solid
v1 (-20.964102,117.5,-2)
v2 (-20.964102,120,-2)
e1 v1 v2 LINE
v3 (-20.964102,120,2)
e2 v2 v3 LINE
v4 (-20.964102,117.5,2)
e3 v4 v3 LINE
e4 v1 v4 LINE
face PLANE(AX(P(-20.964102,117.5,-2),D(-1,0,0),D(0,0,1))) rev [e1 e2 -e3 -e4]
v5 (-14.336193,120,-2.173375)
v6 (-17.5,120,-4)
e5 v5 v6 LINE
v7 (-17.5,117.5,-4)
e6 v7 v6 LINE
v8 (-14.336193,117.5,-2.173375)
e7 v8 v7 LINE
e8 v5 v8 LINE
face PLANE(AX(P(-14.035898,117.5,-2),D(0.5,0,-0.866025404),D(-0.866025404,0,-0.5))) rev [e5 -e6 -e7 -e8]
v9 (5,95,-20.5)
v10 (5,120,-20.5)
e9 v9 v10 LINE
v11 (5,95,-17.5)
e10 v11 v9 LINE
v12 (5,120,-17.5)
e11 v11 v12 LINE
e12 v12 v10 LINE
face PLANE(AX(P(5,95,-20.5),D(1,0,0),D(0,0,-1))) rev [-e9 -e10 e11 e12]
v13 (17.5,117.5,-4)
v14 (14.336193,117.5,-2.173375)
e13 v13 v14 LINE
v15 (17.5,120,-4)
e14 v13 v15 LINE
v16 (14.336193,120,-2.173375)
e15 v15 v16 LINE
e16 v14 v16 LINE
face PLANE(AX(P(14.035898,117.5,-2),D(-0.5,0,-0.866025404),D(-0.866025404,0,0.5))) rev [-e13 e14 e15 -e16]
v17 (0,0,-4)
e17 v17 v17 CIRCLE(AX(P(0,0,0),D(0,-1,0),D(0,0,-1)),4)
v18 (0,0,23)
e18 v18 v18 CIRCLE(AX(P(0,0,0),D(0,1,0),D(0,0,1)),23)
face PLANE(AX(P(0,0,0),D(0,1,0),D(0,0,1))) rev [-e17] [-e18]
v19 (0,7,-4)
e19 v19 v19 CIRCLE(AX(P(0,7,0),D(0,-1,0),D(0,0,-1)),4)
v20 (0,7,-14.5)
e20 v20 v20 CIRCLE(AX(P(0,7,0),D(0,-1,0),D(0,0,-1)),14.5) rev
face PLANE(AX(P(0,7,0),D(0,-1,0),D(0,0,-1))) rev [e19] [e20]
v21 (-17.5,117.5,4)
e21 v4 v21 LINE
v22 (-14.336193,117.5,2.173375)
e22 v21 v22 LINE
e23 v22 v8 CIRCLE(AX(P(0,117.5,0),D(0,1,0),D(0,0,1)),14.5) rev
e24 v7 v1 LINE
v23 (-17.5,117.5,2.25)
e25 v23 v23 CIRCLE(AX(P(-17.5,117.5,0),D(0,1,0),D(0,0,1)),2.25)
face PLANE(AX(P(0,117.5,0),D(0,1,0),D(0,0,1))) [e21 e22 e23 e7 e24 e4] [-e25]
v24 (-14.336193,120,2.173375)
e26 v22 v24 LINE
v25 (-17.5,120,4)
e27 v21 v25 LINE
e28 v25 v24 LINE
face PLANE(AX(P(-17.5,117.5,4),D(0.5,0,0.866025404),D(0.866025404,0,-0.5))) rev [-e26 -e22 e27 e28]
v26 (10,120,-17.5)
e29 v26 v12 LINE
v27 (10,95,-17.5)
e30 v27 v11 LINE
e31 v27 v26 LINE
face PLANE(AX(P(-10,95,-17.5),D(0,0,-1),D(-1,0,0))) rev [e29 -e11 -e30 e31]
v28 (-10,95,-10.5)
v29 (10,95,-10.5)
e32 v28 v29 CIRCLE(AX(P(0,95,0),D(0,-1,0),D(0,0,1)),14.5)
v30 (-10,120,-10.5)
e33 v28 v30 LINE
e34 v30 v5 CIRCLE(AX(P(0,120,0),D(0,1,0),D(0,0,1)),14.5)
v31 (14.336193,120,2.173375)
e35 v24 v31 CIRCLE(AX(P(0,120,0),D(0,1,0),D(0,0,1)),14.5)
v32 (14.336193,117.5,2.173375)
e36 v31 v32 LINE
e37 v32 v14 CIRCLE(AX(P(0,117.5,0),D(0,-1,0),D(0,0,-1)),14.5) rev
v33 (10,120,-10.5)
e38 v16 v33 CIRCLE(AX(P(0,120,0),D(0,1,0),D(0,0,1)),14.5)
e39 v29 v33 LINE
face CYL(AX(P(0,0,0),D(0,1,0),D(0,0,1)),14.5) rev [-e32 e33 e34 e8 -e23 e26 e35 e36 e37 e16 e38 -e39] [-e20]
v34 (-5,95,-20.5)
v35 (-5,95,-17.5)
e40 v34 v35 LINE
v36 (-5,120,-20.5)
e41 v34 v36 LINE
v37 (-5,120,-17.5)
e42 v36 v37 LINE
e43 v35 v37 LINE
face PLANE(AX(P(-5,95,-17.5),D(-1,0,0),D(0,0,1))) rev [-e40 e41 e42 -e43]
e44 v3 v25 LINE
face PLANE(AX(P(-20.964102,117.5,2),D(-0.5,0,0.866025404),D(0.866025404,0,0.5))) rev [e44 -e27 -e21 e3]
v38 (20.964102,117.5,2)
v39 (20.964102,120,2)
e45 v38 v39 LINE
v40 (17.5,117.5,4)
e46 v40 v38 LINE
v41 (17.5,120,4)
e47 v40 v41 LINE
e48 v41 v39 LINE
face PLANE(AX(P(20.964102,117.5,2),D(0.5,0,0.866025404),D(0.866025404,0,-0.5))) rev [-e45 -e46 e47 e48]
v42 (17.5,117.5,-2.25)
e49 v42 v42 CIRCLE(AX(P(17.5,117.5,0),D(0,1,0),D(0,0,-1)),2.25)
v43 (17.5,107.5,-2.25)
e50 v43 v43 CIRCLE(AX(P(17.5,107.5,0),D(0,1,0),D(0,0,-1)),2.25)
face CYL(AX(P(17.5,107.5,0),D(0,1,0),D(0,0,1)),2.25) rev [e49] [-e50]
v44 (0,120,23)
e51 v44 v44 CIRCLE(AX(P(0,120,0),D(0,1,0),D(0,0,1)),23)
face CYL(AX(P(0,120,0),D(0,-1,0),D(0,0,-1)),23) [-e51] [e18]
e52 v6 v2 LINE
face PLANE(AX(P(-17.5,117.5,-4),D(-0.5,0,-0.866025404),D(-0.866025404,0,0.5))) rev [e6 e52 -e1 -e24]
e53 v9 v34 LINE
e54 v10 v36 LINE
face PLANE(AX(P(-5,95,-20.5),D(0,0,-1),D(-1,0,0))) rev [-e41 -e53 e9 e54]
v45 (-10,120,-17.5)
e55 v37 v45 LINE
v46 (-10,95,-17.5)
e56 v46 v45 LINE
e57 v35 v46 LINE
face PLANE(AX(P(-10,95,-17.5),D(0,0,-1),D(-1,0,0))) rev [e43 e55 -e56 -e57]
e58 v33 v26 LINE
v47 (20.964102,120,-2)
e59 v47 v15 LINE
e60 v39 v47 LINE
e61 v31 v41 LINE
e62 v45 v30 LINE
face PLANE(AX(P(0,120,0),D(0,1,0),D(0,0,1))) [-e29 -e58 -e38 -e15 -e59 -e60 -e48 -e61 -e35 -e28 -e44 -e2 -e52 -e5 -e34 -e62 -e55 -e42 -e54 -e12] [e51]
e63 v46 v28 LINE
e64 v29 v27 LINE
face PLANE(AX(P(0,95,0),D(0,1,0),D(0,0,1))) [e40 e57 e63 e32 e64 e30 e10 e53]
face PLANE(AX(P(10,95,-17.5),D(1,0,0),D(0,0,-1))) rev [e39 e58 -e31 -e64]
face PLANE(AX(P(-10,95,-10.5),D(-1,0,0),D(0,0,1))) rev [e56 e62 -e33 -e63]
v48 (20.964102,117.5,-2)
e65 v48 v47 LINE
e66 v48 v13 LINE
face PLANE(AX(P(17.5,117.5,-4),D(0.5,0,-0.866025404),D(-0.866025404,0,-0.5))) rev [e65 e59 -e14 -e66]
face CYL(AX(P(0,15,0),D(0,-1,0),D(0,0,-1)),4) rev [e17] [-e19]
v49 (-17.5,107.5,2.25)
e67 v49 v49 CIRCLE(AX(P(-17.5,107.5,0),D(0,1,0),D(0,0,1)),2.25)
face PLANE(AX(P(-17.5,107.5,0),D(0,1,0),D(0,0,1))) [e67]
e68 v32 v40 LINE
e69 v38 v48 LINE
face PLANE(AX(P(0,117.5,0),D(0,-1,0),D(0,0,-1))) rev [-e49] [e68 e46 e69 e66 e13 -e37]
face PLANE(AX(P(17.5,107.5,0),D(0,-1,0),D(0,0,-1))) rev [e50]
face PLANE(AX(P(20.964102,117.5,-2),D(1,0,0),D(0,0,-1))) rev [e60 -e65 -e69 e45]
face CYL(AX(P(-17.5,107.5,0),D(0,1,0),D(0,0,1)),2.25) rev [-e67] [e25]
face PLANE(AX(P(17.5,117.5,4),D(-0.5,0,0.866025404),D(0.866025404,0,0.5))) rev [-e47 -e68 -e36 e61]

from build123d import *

# Parameters (mm, degrees)
SKETCH1_R           = 23
BOSS_EXTRUDE1_DEPTH = 120
SKETCH2_R           = 14.5
CUT_EXTRUDE1_DEPTH  = 120
CUT_EXTRUDE2_DEPTH  = 2.5
SKETCH5_R           = 2.25
CUT_EXTRUDE3_DEPTH  = 10
BOSS_EXTRUDE2_START = -7
SKETCH6_R           = 14.5
BOSS_EXTRUDE2_DEPTH = 7
SKETCH7_R           = 4
CUT_EXTRUDE4_DEPTH  = 15
CUT_EXTRUDE6_DEPTH  = 25
CUT_EXTRUDE7_DEPTH  = 25


with BuildPart() as part:
    # Sketch1 → Boss-Extrude1 (new body)
    with BuildSketch(Plane(origin=(0, 0, 0), x_dir=(1, 0, 0), z_dir=(0, 1, 0))):
        with Locations(Location((0, 0, 0), (0, 0, 270))):
            Circle(SKETCH1_R)
    extrude(amount=BOSS_EXTRUDE1_DEPTH)

    # Sketch2 → Cut-Extrude1 (cut)
    with BuildSketch(Plane(origin=(0, 120, 0), x_dir=(1, 0, 0), z_dir=(0, 1, 0))):
        with Locations(Location((0, 0, 0), (0, 0, 270))):
            Circle(SKETCH2_R)
    extrude(amount=-CUT_EXTRUDE1_DEPTH, mode=Mode.SUBTRACT)

    # Sketch4 → Cut-Extrude2 (cut)
    with BuildSketch(Plane(origin=(0, 120, 0), x_dir=(1, 0, 0), z_dir=(0, 1, 0))):
        Polygon((-17.5, 4), (-20.964101615, 2), (-20.964101615, -2), (-17.5, -4), (-14.035898385, -2), (-14.035898385, 2), align=None)
        Polygon((14.035898385, 2), (17.5, 4), (20.964101615, 2), (20.964101615, -2), (17.5, -4), (14.035898385, -2), align=None)
    extrude(amount=-CUT_EXTRUDE2_DEPTH, mode=Mode.SUBTRACT)

    # Sketch5 → Cut-Extrude3 (cut)
    with BuildSketch(Plane(origin=(0, 117.5, 0), x_dir=(1, 0, 0), z_dir=(0, 1, 0))):
        with Locations(Location((-17.5, 0, 0), (0, 0, 270))):
            Circle(SKETCH5_R)
        with Locations(Location((17.5, 0, 0), (0, 0, 90))):
            Circle(SKETCH5_R)
    extrude(amount=-CUT_EXTRUDE3_DEPTH, mode=Mode.SUBTRACT)

    # Sketch6 → Boss-Extrude2 (add)
    with BuildSketch(Plane(origin=(0, 0, 0), x_dir=(-1, 0, 0), z_dir=(0, -1, 0)).offset(BOSS_EXTRUDE2_START)):
        with Locations(Location((0, 0, 0), (0, 0, 188.620433548))):
            Circle(SKETCH6_R)
    extrude(amount=BOSS_EXTRUDE2_DEPTH)

    # Sketch7 → Cut-Extrude4 (cut)
    with BuildSketch(Plane.XZ):
        with Locations(Location((0, 0, 0), (0, 0, 270))):
            Circle(SKETCH7_R)
    extrude(amount=-CUT_EXTRUDE4_DEPTH, mode=Mode.SUBTRACT)

    # Sketch8 → Cut-Extrude6 (cut)
    with BuildSketch(Plane(origin=(0, 120, 0), x_dir=(1, 0, 0), z_dir=(0, 1, 0))):
        with BuildLine():
            Line((-10, 10.5), (-10, 17.5))
            Line((-10, 17.5), (10, 17.5))
            Line((10, 17.5), (10, 10.5))
            ThreePointArc((10, 10.5), (0, 14.5), (-10, 10.5))
        make_face()
    extrude(amount=-CUT_EXTRUDE6_DEPTH, mode=Mode.SUBTRACT)

    # Sketch9 → Cut-Extrude7 (cut)
    with BuildSketch(Plane(origin=(0, 120, 0), x_dir=(1, 0, 0), z_dir=(0, 1, 0))):
        Polygon((0, 17.5), (-5, 17.5), (-5, 20.5), (5, 20.5), (5, 17.5), align=None)
    extrude(amount=-CUT_EXTRUDE7_DEPTH, mode=Mode.SUBTRACT)


solid = part.part
